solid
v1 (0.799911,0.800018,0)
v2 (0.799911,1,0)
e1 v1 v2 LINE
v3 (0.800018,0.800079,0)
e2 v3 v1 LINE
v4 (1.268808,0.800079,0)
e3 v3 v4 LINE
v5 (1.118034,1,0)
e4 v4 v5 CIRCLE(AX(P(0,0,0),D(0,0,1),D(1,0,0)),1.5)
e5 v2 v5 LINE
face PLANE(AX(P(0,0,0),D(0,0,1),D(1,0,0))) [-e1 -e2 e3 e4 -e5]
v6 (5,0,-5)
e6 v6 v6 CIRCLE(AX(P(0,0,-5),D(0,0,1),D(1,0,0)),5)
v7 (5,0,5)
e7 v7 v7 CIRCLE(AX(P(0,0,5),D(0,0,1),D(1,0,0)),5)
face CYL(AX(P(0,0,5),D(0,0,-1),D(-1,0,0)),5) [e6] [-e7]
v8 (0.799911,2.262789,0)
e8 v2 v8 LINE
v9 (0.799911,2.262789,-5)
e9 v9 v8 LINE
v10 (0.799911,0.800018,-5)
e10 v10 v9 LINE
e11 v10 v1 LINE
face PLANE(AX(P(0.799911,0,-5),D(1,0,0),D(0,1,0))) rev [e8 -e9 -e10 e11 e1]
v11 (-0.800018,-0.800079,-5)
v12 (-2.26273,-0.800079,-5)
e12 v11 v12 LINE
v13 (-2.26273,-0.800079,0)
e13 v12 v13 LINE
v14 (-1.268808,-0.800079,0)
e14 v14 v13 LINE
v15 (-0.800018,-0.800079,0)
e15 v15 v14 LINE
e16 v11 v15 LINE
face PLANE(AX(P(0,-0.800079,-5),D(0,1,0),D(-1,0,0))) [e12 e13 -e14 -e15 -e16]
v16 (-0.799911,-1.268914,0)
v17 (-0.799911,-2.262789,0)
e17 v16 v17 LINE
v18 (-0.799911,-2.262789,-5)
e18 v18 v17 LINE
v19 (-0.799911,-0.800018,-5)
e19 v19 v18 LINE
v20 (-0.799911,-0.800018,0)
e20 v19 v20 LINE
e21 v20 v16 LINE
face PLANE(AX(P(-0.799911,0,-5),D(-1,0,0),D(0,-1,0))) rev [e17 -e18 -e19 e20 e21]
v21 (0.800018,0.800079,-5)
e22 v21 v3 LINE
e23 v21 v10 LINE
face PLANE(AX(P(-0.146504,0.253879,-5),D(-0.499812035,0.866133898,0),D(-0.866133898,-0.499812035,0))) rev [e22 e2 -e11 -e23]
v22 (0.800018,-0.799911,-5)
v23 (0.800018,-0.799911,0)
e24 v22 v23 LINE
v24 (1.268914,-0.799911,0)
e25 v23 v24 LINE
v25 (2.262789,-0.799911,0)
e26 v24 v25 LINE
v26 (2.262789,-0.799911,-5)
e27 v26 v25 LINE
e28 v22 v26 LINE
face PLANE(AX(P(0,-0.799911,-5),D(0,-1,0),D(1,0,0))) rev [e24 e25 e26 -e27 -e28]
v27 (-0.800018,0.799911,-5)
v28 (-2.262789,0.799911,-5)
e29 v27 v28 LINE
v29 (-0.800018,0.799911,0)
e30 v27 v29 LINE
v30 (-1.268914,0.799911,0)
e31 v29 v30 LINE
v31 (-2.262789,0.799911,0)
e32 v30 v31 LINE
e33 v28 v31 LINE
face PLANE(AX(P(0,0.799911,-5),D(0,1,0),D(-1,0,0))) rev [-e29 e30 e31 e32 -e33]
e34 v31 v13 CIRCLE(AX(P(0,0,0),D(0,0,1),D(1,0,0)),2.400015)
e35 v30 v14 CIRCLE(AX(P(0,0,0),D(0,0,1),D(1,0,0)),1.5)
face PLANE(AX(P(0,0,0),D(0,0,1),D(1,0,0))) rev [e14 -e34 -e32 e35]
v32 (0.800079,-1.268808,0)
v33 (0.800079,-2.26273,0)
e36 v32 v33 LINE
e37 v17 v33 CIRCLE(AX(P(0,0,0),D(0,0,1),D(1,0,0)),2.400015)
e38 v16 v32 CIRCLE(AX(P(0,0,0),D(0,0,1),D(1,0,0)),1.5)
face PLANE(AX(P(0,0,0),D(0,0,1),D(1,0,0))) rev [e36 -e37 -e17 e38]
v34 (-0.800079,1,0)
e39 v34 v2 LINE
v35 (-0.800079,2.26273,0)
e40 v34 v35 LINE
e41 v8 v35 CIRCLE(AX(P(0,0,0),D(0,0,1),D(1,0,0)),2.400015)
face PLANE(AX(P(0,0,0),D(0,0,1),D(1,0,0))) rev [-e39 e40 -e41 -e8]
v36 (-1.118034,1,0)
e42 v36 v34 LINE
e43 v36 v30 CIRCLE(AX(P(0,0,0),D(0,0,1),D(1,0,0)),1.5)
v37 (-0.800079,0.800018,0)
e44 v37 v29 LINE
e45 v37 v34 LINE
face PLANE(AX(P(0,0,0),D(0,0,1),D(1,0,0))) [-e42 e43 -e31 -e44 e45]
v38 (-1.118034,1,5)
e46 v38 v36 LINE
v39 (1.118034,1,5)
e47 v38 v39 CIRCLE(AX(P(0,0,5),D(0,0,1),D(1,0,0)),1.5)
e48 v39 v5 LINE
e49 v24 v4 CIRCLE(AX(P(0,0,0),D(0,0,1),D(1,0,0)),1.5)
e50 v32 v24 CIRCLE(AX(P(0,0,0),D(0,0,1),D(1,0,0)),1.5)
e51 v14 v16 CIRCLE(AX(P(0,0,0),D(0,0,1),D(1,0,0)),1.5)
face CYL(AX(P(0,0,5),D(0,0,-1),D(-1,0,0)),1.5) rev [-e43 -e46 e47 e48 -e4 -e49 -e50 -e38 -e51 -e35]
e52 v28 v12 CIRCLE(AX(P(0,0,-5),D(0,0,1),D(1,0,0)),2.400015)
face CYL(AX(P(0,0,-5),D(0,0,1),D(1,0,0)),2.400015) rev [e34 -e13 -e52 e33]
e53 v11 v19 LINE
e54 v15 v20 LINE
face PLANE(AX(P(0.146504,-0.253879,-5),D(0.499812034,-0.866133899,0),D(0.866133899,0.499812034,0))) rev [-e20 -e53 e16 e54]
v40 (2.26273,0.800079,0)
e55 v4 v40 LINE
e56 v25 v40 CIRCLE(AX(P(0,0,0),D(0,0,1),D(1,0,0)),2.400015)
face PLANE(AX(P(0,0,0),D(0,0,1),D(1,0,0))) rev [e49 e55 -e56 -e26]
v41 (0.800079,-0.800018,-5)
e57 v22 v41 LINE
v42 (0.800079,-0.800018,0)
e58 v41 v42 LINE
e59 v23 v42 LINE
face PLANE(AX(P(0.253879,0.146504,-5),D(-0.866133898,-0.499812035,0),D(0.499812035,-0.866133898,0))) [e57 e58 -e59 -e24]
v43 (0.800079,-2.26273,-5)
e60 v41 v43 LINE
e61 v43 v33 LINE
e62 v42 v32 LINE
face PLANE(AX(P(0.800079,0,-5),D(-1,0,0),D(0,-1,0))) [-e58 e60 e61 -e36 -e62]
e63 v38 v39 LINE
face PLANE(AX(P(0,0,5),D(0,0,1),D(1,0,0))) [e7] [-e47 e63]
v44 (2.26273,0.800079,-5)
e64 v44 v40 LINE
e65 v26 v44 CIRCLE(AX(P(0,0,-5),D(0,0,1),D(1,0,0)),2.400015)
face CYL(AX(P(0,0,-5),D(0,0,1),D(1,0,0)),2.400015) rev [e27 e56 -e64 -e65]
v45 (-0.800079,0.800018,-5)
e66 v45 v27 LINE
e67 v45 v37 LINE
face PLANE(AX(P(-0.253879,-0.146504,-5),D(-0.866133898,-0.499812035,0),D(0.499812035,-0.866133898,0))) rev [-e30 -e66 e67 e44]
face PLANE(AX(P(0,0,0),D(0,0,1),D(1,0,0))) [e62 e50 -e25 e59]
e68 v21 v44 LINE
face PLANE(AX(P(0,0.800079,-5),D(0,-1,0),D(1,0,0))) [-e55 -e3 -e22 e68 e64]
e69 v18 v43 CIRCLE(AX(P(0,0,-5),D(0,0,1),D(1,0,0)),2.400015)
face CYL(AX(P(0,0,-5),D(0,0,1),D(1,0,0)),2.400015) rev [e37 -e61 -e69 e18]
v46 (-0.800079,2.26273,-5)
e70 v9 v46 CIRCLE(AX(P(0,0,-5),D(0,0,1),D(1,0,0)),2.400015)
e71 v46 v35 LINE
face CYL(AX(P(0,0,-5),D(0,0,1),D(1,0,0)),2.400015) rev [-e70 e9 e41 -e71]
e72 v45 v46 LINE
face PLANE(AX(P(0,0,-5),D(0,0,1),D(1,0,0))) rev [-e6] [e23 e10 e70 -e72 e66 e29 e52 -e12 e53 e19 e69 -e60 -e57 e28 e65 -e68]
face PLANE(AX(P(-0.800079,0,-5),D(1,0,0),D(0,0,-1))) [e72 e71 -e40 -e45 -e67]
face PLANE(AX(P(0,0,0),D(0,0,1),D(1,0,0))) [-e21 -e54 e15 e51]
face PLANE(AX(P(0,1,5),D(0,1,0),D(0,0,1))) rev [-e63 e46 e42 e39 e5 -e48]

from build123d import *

# Parameters (mm, degrees)
SKETCH1_R           = 5
SKETCH1_R_2         = 2.400014974
BOSS_EXTRUDE1_DEPTH = 5
BOSS_EXTRUDE2_START = -5
SKETCH1_5_R         = 5
SKETCH1_5_R_2       = 2.400014974
BOSS_EXTRUDE2_DEPTH = 5


with BuildPart() as part:
    # Sketch1 → Boss-Extrude1 (new body)
    # profile 1 of 12: a face of its own
    with BuildSketch(Plane.XY):
        Circle(SKETCH1_R)
        Circle(SKETCH1_R_2, mode=Mode.SUBTRACT)
    # profile 2 of 12: a face of its own
    with BuildSketch(Plane.XY):
        with BuildLine():
            ThreePointArc((-0.799911499, -1.268913549), (-1.060590017, -1.060730322), (-1.268807724, -0.800079346))
            Line((-1.268807724, -0.800079346), (-2.262729528, -0.800079346))
            ThreePointArc((-2.262729528, -0.800079346), (-1.69700392, -1.697129804), (-0.799911499, -2.26278887))
            Line((-0.799911499, -2.26278887), (-0.799911499, -1.268913549))
        make_face()
    # profile 3 of 12: a face of its own
    with BuildSketch(Plane.XY):
        with BuildLine():
            ThreePointArc((0.800079346, -1.268807724), (9.9211e-05, -1.499999997), (-0.799911499, -1.268913549))
            Line((-0.799911499, -1.268913549), (-0.799911499, -2.26278887))
            ThreePointArc((-0.799911499, -2.26278887), (8.9014e-05, -2.400014973), (0.800079346, -2.262729528))
            Line((0.800079346, -2.262729528), (0.800079346, -1.268807724))
        make_face()
    # profile 4 of 12: a face of its own
    with BuildSketch(Plane.XY):
        with BuildLine():
            ThreePointArc((-1.268807724, -0.800079346), (-1.499999997, -9.9211e-05), (-1.268913549, 0.799911499))
            Line((-1.268913549, 0.799911499), (-2.26278887, 0.799911499))
            ThreePointArc((-2.26278887, 0.799911499), (-2.400014973, -8.9014e-05), (-2.262729528, -0.800079346))
            Line((-2.262729528, -0.800079346), (-1.268807724, -0.800079346))
        make_face()
    # profile 5 of 12: a face of its own
    with BuildSketch(Plane.XY):
        with BuildLine():
            ThreePointArc((-1.268913549, 0.799911499), (-1.197659588, 0.903112126), (-1.118033989, 1))
            ThreePointArc((-1.118033989, 1), (-0.96842867, 1.145489376), (-0.800079346, 1.268807724))
            Line((-0.800079346, 1.268807724), (-0.800079346, 2.262729528))
            ThreePointArc((-0.800079346, 2.262729528), (-1.697129804, 1.69700392), (-2.26278887, 0.799911499))
            Line((-2.26278887, 0.799911499), (-1.268913549, 0.799911499))
        make_face()
    # profile 6 of 12: a face of its own
    with BuildSketch(Plane.XY):
        with BuildLine():
            Line((-0.800079346, 2.262729528), (-0.800079346, 1.268807724))
            ThreePointArc((-0.800079346, 1.268807724), (-9.9211e-05, 1.499999997), (0.799911499, 1.268913549))
            Line((0.799911499, 1.268913549), (0.799911499, 2.26278887))
            ThreePointArc((0.799911499, 2.26278887), (-8.9014e-05, 2.400014973), (-0.800079346, 2.262729528))
        make_face()
    # profile 7 of 12: a face of its own
    with BuildSketch(Plane.XY):
        with BuildLine():
            Line((0.799911499, 2.26278887), (0.799911499, 1.268913549))
            ThreePointArc((0.799911499, 1.268913549), (0.968352905, 1.145553426), (1.118033989, 1))
            ThreePointArc((1.118033989, 1), (1.197599853, 0.903191338), (1.268807724, 0.800079346))
            Line((1.268807724, 0.800079346), (2.262729528, 0.800079346))
            ThreePointArc((2.262729528, 0.800079346), (1.69700392, 1.697129804), (0.799911499, 2.26278887))
        make_face()
    # profile 8 of 12: a face of its own
    with BuildSketch(Plane.XY):
        with BuildLine():
            Line((2.262729528, 0.800079346), (1.268807724, 0.800079346))
            ThreePointArc((1.268807724, 0.800079346), (1.4410433, 0.4164063), (1.5, 0))
            ThreePointArc((1.5, 0), (1.441070838, -0.416310988), (1.268913549, -0.799911499))
            Line((1.268913549, -0.799911499), (2.26278887, -0.799911499))
            ThreePointArc((2.26278887, -0.799911499), (2.365459685, -0.405798414), (2.400014974, 0))
            ThreePointArc((2.400014974, 0), (2.365444633, 0.405886146), (2.262729528, 0.800079346))
        make_face()
    # profile 9 of 12: a face of its own
    with BuildSketch(Plane.XY):
        with BuildLine():
            ThreePointArc((1.268913549, -0.799911499), (1.060730322, -1.060590017), (0.800079346, -1.268807724))
            Line((0.800079346, -1.268807724), (0.800079346, -2.262729528))
            ThreePointArc((0.800079346, -2.262729528), (1.697129804, -1.69700392), (2.26278887, -0.799911499))
            Line((2.26278887, -0.799911499), (1.268913549, -0.799911499))
        make_face()
    # profile 10 of 12: a face of its own
    with BuildSketch(Plane.XY):
        with BuildLine():
            Line((-0.800079346, 1.268807724), (-0.800079346, 1))
            Line((-0.800079346, 1), (0.799911499, 1))
            Line((0.799911499, 1), (0.799911499, 1.268913549))
            ThreePointArc((0.799911499, 1.268913549), (-9.9211e-05, 1.499999997), (-0.800079346, 1.268807724))
        make_face()
    # profile 11 of 12: a face of its own
    with BuildSketch(Plane.XY):
        with BuildLine():
            Line((0.799911499, 1.268913549), (0.799911499, 1))
            Line((0.799911499, 1), (1.118033989, 1))
            ThreePointArc((1.118033989, 1), (0.968352905, 1.145553426), (0.799911499, 1.268913549))
        make_face()
    # profile 12 of 12: a face of its own
    with BuildSketch(Plane.XY):
        with BuildLine():
            ThreePointArc((-0.800079346, 1.268807724), (-0.96842867, 1.145489376), (-1.118033989, 1))
            Line((-1.118033989, 1), (-0.800079346, 1))
            Line((-0.800079346, 1), (-0.800079346, 1.268807724))
        make_face()
    extrude(amount=BOSS_EXTRUDE1_DEPTH)

    # Sketch1<5> → Boss-Extrude2 (add)
    # profile 1 of 11: a face of its own
    with BuildSketch(Plane.XY.offset(BOSS_EXTRUDE2_START)):
        Circle(SKETCH1_5_R)
        Circle(SKETCH1_5_R_2, mode=Mode.SUBTRACT)
    # profile 2 of 11: a face of its own
    with BuildSketch(Plane.XY.offset(BOSS_EXTRUDE2_START)):
        with BuildLine():
            ThreePointArc((1.268913549, -0.799911499), (1.060730322, -1.060590017), (0.800079346, -1.268807724))
            Line((0.800079346, -1.268807724), (0.800079346, -2.262729528))
            ThreePointArc((0.800079346, -2.262729528), (1.697129804, -1.69700392), (2.26278887, -0.799911499))
            Line((2.26278887, -0.799911499), (1.268913549, -0.799911499))
        make_face()
    # profile 3 of 11: a face of its own
    with BuildSketch(Plane.XY.offset(BOSS_EXTRUDE2_START)):
        with BuildLine():
            Line((0.799911499, 2.26278887), (0.799911499, 1.268913549))
            ThreePointArc((0.799911499, 1.268913549), (0.968352905, 1.145553426), (1.118033989, 1))
            ThreePointArc((1.118033989, 1), (1.197599853, 0.903191338), (1.268807724, 0.800079346))
            Line((1.268807724, 0.800079346), (2.262729528, 0.800079346))
            ThreePointArc((2.262729528, 0.800079346), (1.69700392, 1.697129804), (0.799911499, 2.26278887))
        make_face()
    # profile 4 of 11: a face of its own
    with BuildSketch(Plane.XY.offset(BOSS_EXTRUDE2_START)):
        with BuildLine():
            ThreePointArc((-1.268913549, 0.799911499), (-1.197659588, 0.903112126), (-1.118033989, 1))
            ThreePointArc((-1.118033989, 1), (-0.96842867, 1.145489376), (-0.800079346, 1.268807724))
            Line((-0.800079346, 1.268807724), (-0.800079346, 2.262729528))
            ThreePointArc((-0.800079346, 2.262729528), (-1.697129804, 1.69700392), (-2.26278887, 0.799911499))
            Line((-2.26278887, 0.799911499), (-1.268913549, 0.799911499))
        make_face()
    # profile 5 of 11: a face of its own
    with BuildSketch(Plane.XY.offset(BOSS_EXTRUDE2_START)):
        with BuildLine():
            ThreePointArc((-0.799911499, -1.268913549), (-1.060590017, -1.060730322), (-1.268807724, -0.800079346))
            Line((-1.268807724, -0.800079346), (-2.262729528, -0.800079346))
            ThreePointArc((-2.262729528, -0.800079346), (-1.69700392, -1.697129804), (-0.799911499, -2.26278887))
            Line((-0.799911499, -2.26278887), (-0.799911499, -1.268913549))
        make_face()
    # profile 6 of 11: a face of its own
    with BuildSketch(Plane.XY.offset(BOSS_EXTRUDE2_START)):
        with BuildLine():
            Line((0.799911499, 1.268913549), (0.799911499, 1))
            Line((0.799911499, 1), (1.118033989, 1))
            ThreePointArc((1.118033989, 1), (0.968352905, 1.145553426), (0.799911499, 1.268913549))
        make_face()
    # profile 7 of 11: a face of its own
    with BuildSketch(Plane.XY.offset(BOSS_EXTRUDE2_START)):
        with BuildLine():
            ThreePointArc((-0.800079346, 1.268807724), (-0.96842867, 1.145489376), (-1.118033989, 1))
            Line((-1.118033989, 1), (-0.800079346, 1))
            Line((-0.800079346, 1), (-0.800079346, 1.268807724))
        make_face()
    # profile 8 of 11: a face of its own
    with BuildSketch(Plane.XY.offset(BOSS_EXTRUDE2_START)):
        with BuildLine():
            Line((-0.800079346, 1), (-1.118033989, 1))
            ThreePointArc((-1.118033989, 1), (-1.197659588, 0.903112126), (-1.268913549, 0.799911499))
            Line((-1.268913549, 0.799911499), (-0.800017929, 0.799911499))
            Line((-0.800017929, 0.799911499), (-0.800079346, 0.800017929))
            Line((-0.800079346, 0.800017929), (-0.800079346, 1))
        make_face()
    # profile 9 of 11: a face of its own
    with BuildSketch(Plane.XY.offset(BOSS_EXTRUDE2_START)):
        with BuildLine():
            Line((1.118033989, 1), (0.799911499, 1))
            Line((0.799911499, 1), (0.799911499, 0.800017929))
            Line((0.799911499, 0.800017929), (0.800017929, 0.800079346))
            Line((0.800017929, 0.800079346), (1.268807724, 0.800079346))
            ThreePointArc((1.268807724, 0.800079346), (1.197599853, 0.903191338), (1.118033989, 1))
        make_face()
    # profile 10 of 11: a face of its own
    with BuildSketch(Plane.XY.offset(BOSS_EXTRUDE2_START)):
        with BuildLine():
            Line((0.800079346, -0.800017929), (0.800079346, -1.268807724))
            ThreePointArc((0.800079346, -1.268807724), (1.060730322, -1.060590017), (1.268913549, -0.799911499))
            Line((1.268913549, -0.799911499), (0.800017929, -0.799911499))
            Line((0.800017929, -0.799911499), (0.800079346, -0.800017929))
        make_face()
    # profile 11 of 11: a face of its own
    with BuildSketch(Plane.XY.offset(BOSS_EXTRUDE2_START)):
        with BuildLine():
            Line((-0.800017929, -0.800079346), (-1.268807724, -0.800079346))
            ThreePointArc((-1.268807724, -0.800079346), (-1.060590017, -1.060730322), (-0.799911499, -1.268913549))
            Line((-0.799911499, -1.268913549), (-0.799911499, -0.800017929))
            Line((-0.799911499, -0.800017929), (-0.800017929, -0.800079346))
        make_face()
    extrude(amount=BOSS_EXTRUDE2_DEPTH)


solid = part.part
